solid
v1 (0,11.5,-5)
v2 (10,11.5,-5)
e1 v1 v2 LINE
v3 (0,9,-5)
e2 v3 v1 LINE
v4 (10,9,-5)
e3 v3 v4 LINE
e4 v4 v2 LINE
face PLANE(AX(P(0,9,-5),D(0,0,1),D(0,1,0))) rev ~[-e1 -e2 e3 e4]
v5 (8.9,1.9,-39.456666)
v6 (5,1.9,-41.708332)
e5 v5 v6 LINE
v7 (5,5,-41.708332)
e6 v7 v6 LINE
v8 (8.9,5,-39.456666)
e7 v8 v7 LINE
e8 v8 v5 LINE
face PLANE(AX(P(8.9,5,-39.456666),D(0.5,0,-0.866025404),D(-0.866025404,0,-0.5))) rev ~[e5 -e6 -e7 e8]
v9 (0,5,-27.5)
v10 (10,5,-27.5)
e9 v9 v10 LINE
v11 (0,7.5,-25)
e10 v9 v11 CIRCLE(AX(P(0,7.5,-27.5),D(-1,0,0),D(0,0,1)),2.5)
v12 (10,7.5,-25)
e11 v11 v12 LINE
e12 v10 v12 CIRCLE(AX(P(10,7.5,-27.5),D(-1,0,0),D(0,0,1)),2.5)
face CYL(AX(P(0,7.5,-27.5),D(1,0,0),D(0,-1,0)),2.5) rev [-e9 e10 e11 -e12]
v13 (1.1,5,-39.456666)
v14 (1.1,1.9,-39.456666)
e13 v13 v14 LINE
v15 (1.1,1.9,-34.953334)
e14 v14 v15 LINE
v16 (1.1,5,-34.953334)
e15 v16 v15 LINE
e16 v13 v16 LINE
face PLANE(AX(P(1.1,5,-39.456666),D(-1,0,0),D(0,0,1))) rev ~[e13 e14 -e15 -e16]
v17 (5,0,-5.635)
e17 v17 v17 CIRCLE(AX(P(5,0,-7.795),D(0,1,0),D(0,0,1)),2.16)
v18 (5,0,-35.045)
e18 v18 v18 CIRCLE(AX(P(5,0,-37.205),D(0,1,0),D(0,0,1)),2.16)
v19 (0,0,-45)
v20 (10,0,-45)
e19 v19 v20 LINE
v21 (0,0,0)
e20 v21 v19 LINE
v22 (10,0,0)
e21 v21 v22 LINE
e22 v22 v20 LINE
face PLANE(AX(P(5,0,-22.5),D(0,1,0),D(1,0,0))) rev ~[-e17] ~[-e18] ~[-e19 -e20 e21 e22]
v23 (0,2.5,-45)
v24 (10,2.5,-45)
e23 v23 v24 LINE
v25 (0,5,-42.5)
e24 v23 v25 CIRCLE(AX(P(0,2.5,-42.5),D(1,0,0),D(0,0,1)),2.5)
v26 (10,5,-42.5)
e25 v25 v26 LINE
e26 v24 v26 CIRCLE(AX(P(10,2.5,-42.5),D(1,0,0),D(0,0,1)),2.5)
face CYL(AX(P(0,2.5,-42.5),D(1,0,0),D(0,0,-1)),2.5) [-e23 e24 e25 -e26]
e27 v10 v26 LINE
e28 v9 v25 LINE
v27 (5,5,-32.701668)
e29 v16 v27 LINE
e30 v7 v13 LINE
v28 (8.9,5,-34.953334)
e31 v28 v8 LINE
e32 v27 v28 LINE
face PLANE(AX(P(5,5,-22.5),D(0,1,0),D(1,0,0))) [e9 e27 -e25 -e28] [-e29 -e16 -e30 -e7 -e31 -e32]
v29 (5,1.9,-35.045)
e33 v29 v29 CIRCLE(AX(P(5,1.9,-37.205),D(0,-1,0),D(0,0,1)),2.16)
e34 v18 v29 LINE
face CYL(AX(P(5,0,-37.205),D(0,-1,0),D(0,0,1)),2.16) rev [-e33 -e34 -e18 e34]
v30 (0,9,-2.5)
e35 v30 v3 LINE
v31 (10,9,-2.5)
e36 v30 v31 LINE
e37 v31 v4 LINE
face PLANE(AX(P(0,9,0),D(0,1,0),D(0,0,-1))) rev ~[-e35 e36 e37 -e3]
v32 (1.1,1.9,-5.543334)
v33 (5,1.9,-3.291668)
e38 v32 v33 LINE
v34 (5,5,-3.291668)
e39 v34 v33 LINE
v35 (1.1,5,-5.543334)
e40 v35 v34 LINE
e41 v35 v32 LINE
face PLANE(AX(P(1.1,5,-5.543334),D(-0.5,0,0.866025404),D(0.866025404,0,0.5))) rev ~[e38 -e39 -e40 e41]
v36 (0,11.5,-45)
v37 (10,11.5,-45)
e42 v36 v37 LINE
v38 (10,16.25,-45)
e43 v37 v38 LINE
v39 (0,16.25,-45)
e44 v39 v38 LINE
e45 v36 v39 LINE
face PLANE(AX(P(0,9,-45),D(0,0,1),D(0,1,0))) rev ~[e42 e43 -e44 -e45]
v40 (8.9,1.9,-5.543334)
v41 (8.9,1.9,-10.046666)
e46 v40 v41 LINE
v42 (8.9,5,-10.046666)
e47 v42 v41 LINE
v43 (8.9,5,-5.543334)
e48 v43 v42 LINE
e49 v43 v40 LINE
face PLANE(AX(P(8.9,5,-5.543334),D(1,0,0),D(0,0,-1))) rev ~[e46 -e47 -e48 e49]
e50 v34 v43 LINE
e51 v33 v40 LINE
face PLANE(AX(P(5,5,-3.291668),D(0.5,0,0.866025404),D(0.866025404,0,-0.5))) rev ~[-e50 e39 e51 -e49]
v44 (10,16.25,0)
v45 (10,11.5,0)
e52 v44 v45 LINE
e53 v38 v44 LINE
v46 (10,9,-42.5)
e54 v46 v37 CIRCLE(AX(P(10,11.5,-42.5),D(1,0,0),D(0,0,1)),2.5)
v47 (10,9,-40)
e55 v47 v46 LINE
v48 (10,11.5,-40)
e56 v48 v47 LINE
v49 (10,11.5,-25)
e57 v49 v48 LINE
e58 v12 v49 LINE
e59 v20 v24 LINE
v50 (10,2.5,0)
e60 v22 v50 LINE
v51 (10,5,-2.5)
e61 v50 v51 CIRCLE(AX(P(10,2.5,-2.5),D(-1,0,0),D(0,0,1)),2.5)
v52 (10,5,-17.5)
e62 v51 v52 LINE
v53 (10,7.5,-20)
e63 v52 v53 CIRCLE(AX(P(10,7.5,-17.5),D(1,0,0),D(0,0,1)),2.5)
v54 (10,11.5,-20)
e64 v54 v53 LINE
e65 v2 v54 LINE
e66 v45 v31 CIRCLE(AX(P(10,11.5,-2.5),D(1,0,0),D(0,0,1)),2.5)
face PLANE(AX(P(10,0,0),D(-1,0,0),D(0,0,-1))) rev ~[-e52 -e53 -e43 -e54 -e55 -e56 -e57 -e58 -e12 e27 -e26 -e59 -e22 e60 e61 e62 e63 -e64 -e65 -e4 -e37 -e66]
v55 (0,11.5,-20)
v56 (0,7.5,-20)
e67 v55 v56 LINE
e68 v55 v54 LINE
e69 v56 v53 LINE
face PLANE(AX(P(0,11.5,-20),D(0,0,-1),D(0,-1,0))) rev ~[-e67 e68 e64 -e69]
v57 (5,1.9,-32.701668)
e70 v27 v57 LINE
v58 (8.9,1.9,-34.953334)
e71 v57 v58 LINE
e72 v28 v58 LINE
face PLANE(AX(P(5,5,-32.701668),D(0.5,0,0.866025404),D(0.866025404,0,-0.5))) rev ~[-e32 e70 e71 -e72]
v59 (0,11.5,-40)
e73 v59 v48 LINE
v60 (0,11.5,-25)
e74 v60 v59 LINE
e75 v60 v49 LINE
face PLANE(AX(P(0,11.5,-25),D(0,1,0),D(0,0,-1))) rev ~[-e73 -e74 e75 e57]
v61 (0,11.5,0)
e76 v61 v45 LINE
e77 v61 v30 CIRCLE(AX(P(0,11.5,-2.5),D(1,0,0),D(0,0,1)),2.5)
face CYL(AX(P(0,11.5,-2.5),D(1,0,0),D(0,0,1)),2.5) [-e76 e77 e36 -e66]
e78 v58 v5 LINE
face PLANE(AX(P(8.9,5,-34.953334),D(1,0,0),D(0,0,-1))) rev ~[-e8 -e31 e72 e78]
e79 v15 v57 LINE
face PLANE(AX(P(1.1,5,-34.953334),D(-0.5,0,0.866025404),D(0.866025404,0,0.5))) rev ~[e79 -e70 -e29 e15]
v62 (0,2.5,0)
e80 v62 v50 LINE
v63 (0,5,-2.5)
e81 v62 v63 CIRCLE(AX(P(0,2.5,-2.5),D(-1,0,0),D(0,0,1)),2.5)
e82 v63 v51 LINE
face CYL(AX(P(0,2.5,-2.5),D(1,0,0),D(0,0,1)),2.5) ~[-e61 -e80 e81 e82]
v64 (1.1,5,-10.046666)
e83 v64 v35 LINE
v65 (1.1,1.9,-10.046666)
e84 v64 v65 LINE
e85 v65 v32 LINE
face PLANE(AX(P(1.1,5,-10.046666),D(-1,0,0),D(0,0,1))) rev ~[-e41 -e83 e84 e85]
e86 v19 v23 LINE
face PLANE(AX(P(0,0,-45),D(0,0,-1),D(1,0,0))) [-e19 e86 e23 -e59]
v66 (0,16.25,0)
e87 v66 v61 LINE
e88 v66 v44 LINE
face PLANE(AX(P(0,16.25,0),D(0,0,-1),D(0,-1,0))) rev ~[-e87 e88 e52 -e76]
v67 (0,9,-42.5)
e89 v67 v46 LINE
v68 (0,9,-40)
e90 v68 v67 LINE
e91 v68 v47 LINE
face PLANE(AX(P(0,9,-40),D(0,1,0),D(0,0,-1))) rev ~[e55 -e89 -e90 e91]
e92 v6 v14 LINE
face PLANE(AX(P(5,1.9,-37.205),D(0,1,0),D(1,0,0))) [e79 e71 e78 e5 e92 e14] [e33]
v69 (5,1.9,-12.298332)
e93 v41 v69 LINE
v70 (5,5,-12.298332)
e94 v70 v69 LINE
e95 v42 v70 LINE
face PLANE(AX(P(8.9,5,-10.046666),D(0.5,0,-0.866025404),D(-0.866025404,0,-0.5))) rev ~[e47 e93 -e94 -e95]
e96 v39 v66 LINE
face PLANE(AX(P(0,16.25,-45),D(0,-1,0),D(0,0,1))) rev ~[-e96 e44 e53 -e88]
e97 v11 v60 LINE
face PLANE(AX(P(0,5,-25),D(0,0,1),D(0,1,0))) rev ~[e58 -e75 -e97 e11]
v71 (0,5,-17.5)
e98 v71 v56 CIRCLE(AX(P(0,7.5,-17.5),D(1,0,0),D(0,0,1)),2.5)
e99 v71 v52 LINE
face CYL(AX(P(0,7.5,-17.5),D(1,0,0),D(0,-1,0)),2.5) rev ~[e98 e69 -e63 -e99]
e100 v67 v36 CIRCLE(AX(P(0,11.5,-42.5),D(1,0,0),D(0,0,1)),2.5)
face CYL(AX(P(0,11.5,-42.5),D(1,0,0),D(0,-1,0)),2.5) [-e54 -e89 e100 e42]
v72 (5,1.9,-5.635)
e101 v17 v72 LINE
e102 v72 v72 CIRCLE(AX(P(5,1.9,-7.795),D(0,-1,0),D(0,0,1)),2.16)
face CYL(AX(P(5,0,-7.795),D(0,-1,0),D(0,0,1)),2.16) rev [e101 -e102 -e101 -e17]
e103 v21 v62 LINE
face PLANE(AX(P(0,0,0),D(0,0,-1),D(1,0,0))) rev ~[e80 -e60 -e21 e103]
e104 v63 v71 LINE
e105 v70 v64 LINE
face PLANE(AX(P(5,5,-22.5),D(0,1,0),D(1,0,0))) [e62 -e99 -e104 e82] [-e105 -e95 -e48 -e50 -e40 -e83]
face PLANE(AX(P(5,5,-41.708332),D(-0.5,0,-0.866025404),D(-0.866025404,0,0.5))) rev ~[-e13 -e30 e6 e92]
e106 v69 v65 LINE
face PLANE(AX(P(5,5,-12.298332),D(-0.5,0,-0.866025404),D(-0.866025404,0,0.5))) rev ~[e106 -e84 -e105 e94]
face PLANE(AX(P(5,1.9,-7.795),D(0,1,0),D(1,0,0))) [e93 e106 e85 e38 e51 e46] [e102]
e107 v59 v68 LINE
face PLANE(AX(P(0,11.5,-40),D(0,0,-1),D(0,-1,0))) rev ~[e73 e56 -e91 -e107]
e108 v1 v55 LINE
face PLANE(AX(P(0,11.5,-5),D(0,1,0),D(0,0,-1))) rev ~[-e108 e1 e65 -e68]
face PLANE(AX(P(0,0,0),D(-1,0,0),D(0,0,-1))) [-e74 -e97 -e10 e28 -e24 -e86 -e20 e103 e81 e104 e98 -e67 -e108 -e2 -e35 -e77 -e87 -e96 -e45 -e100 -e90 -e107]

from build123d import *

# Parameters (mm, degrees)
SKETCH1_W           = 10
SKETCH1_H           = 45
SKETCH1_R           = 2.16
BOSS_EXTRUDE1_DEPTH = 5
CUT_EXTRUDE1_DEPTH  = 3.1
BOSS_EXTRUDE2_DEPTH = 10
FILLET1_R           = 2.5


with BuildPart() as part:
    # Sketch1 → Boss-Extrude1 (new body)
    with BuildSketch(Plane(origin=(0, 0, 0), x_dir=(1, 0, 0), z_dir=(0, 1, 0))):
        with Locations((5, 22.5)):
            Rectangle(SKETCH1_W, SKETCH1_H)
        with Locations(Location((5, 37.205, 0), (0, 0, 270))):
            Circle(SKETCH1_R, mode=Mode.SUBTRACT)
        with Locations(Location((5, 7.795, 0), (0, 0, 270))):
            Circle(SKETCH1_R, mode=Mode.SUBTRACT)
    extrude(amount=BOSS_EXTRUDE1_DEPTH)

    # Sketch2 → Cut-Extrude1 (cut)
    with BuildSketch(Plane(origin=(0, 5, 0), x_dir=(1, 0, 0), z_dir=(0, 1, 0))):
        Polygon((5, 32.7016679), (8.9, 34.95333395), (8.9, 39.45666605), (5, 41.7083321), (1.1, 39.45666605), (1.1, 34.95333395), align=None)
        Polygon((5, 12.2983321), (1.1, 10.04666605), (1.1, 5.54333395), (5, 3.2916679), (8.9, 5.54333395), (8.9, 10.04666605), align=None)
    extrude(amount=-CUT_EXTRUDE1_DEPTH, mode=Mode.SUBTRACT)

    # Sketch3 → Boss-Extrude2 (add, through all)
    with BuildSketch(Plane.ZY):
        Polygon((-25, 5), (-25, 11.5), (-40, 11.5), (-40, 9), (-45, 9), (-45, 16.25), (0, 16.25), (0, 9), (-5, 9), (-5, 11.5), (-20, 11.5), (-20, 5), align=None)
    extrude(amount=-BOSS_EXTRUDE2_DEPTH)

    # Fillet1
    fillet1_edges = [part.edges().sort_by_distance(p)[0] for p in [
        (5, 5, -45),
        (5, 5, -20),
        (5, 5, -25),
        (5, 9, -45),
        (5, 9, 0),
        (5, 5, 0),
    ]]
    fillet(fillet1_edges, radius=FILLET1_R)


solid = part.part
